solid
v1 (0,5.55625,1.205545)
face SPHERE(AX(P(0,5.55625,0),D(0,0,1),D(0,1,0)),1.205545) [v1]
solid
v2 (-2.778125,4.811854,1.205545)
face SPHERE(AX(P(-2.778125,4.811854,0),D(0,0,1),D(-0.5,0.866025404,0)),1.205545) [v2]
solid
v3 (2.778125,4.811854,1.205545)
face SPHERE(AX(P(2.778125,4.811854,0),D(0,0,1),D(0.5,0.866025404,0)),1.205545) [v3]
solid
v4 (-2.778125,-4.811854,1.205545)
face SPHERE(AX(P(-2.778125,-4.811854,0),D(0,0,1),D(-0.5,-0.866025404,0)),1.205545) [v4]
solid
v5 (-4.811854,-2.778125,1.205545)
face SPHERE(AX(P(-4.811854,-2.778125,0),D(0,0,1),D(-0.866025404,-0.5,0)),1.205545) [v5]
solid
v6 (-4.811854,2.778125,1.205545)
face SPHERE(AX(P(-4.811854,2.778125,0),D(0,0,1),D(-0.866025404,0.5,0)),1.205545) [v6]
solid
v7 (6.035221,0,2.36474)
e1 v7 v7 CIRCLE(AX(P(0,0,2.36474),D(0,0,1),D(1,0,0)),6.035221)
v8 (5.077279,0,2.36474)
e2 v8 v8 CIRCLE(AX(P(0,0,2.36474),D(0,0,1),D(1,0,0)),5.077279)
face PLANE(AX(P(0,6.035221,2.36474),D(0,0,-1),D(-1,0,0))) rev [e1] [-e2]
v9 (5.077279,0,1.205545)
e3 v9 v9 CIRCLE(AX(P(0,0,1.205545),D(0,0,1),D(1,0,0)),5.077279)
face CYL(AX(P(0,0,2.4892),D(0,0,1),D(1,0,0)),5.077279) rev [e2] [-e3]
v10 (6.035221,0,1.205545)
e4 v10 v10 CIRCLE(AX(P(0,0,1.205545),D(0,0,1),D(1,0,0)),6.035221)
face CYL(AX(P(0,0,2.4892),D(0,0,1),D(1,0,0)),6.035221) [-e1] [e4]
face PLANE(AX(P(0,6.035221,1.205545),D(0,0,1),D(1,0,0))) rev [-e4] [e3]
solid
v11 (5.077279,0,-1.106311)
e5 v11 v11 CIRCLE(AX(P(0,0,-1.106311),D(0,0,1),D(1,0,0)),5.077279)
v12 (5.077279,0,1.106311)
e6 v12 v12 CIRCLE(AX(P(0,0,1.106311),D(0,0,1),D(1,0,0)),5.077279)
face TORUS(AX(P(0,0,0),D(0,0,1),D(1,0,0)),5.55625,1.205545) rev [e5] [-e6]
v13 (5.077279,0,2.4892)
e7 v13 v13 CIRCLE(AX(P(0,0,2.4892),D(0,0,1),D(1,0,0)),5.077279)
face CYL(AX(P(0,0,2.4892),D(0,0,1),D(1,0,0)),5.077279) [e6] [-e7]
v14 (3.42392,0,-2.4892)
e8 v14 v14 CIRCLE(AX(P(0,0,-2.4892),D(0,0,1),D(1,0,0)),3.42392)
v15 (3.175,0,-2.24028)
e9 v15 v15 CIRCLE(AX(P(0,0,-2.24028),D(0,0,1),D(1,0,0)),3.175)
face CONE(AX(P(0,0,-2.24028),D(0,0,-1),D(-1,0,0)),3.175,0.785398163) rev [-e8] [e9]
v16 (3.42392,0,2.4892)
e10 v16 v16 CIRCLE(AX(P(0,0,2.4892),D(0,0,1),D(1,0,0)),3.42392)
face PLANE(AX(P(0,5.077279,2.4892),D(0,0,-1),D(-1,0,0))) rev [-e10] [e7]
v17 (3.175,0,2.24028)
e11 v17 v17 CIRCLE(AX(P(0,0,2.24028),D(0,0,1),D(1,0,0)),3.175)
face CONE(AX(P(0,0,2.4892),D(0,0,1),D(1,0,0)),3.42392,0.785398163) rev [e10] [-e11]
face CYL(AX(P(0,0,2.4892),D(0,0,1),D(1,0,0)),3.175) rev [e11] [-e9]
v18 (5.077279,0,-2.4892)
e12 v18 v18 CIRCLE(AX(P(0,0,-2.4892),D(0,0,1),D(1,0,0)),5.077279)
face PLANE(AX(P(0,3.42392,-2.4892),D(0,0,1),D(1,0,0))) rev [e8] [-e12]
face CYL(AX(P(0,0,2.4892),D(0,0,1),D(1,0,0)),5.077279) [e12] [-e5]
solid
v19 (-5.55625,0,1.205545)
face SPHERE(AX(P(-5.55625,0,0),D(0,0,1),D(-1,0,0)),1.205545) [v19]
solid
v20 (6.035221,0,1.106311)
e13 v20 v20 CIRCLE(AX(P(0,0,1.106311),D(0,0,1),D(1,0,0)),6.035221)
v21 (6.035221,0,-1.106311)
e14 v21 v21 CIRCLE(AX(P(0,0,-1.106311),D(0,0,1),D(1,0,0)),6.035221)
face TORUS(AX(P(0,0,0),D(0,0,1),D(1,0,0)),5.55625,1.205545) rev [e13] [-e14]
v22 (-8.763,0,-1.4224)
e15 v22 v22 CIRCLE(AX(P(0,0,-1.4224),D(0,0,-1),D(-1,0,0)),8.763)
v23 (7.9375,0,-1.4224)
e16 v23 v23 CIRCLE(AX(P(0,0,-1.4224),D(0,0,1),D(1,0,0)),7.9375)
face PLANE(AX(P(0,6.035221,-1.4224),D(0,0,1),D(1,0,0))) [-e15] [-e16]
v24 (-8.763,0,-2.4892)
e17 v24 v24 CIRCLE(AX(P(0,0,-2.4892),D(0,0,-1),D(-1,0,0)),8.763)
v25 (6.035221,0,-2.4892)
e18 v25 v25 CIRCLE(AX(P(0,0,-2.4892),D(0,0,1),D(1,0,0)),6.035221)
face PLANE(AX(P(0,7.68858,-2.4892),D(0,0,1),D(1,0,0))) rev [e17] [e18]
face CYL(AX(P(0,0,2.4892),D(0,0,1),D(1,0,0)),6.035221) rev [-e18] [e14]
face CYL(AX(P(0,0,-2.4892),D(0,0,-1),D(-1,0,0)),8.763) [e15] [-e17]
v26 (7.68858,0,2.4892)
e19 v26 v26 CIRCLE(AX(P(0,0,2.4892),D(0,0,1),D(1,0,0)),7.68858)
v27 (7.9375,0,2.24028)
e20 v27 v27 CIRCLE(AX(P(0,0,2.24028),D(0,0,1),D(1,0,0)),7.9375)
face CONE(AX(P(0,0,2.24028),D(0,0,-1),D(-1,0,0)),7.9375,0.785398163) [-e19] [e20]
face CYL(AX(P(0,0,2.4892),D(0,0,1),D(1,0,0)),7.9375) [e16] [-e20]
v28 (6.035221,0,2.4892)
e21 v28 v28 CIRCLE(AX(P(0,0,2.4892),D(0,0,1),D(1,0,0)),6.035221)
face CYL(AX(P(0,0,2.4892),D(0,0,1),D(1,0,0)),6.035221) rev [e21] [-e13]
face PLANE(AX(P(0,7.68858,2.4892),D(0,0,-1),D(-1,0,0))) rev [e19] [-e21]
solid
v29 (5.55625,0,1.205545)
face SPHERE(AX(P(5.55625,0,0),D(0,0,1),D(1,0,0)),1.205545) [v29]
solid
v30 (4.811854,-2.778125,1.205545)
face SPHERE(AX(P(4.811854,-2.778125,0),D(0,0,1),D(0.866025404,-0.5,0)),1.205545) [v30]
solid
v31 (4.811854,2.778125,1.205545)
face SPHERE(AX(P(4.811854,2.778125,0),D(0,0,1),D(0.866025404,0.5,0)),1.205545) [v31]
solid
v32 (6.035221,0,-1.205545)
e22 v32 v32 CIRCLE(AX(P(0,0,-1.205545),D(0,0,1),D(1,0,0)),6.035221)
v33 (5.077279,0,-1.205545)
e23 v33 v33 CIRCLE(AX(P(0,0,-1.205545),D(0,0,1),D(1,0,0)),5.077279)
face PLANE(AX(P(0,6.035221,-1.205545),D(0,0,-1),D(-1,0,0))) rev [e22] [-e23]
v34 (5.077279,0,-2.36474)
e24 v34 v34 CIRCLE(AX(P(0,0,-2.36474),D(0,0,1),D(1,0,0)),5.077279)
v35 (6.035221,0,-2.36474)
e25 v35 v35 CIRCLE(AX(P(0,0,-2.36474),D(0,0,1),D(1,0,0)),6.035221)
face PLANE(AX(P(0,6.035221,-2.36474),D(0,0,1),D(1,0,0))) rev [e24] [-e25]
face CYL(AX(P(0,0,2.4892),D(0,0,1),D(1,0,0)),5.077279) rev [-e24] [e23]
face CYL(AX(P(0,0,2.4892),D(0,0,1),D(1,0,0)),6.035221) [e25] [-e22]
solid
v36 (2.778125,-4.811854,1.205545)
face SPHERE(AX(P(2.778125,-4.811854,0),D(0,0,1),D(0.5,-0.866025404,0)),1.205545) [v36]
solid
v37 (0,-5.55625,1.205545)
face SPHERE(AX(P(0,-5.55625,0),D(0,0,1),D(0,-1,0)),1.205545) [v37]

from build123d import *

# Parameters (mm, degrees)
CIRPATTERN1_COUNT = 12
SKETCH5_W         = 1.15919535
SKETCH5_H         = 0.957942858
SKETCH6_W         = 1.0668
SKETCH6_H         = 2.727778571


with BuildPart() as part:
    # Sketch1 → Revolve1 (revolve)
    with BuildSketch(Plane(origin=(0, 0, 0), x_dir=(0, 0, -1), z_dir=(1, 0, 0))):
        with BuildLine():
            Line((2.24028, 7.9375), (-2.24028, 7.9375))
            Line((-2.24028, 7.9375), (-2.4892, 7.68858))
            Line((-2.4892, 7.68858), (-2.4892, 6.035221429))
            Line((-2.4892, 6.035221429), (-1.106311111, 6.035221429))
            ThreePointArc((-1.106311111, 6.035221429), (0, 6.76179465), (1.106311111, 6.035221429))
            Line((1.106311111, 6.035221429), (2.4892, 6.035221429))
            Line((2.4892, 6.035221429), (2.4892, 7.68858))
            Line((2.4892, 7.68858), (2.24028, 7.9375))
        make_face()
    revolve(axis=Axis((0, 0, 2.4892), (0, 0, -1)))

    # Sketch6 → Revolve6 (revolve)
    with BuildSketch(Plane(origin=(0, 0, 0), x_dir=(0, 0, -1), z_dir=(1, 0, 0))):
        with Locations((1.9558, 7.399110715)):
            Rectangle(SKETCH6_W, SKETCH6_H)
    revolve(axis=Axis((0, 0, -2.4892), (0, 0, 1)))


with BuildPart() as body_2:
    # Sketch3 → Revolve3 (revolve)
    with BuildSketch(Plane(origin=(0, 0, 0), x_dir=(0, 0, -1), z_dir=(1, 0, 0))):
        with BuildLine():
            Line((-2.4892, 5.077278571), (-1.106311111, 5.077278571))
            ThreePointArc((-1.106311111, 5.077278571), (0, 4.35070535), (1.106311111, 5.077278571))
            Line((1.106311111, 5.077278571), (2.4892, 5.077278571))
            Line((2.4892, 5.077278571), (2.4892, 3.42392))
            Line((2.4892, 3.42392), (2.24028, 3.175))
            Line((2.24028, 3.175), (-2.24028, 3.175))
            Line((-2.24028, 3.175), (-2.4892, 3.42392))
            Line((-2.4892, 3.42392), (-2.4892, 5.077278571))
        make_face()
    revolve(axis=Axis((0, 0, 2.4892), (0, 0, -1)))


with BuildPart() as body_3:
    # Sketch4 → Revolve4 (revolve)
    with BuildSketch(Plane(origin=(0, 0, 0), x_dir=(0, 0, -1), z_dir=(1, 0, 0))):
        with BuildLine():
            Line((-1.20554465, 5.55625), (1.20554465, 5.55625))
            ThreePointArc((1.20554465, 5.55625), (0, 6.76179465), (-1.20554465, 5.55625))
        make_face()
    revolve(axis=Axis((0, 5.55625, 1.20554465), (0, 0, -1)))


with BuildPart() as cirpattern1_1:
    # CirPattern1: pattern copy
    add(body_3.part.rotate(Axis((0, 0, -2.4892), (0, 0, 1)), 1 * 360 / CIRPATTERN1_COUNT))


with BuildPart() as cirpattern1_2:
    # CirPattern1: pattern copy
    add(body_3.part.rotate(Axis((0, 0, -2.4892), (0, 0, 1)), 2 * 360 / CIRPATTERN1_COUNT))


with BuildPart() as cirpattern1_3:
    # CirPattern1: pattern copy
    add(body_3.part.rotate(Axis((0, 0, -2.4892), (0, 0, 1)), 3 * 360 / CIRPATTERN1_COUNT))


with BuildPart() as cirpattern1_4:
    # CirPattern1: pattern copy
    add(body_3.part.rotate(Axis((0, 0, -2.4892), (0, 0, 1)), 4 * 360 / CIRPATTERN1_COUNT))


with BuildPart() as cirpattern1_5:
    # CirPattern1: pattern copy
    add(body_3.part.rotate(Axis((0, 0, -2.4892), (0, 0, 1)), 5 * 360 / CIRPATTERN1_COUNT))


with BuildPart() as cirpattern1_6:
    # CirPattern1: pattern copy
    add(body_3.part.rotate(Axis((0, 0, -2.4892), (0, 0, 1)), 6 * 360 / CIRPATTERN1_COUNT))


with BuildPart() as cirpattern1_7:
    # CirPattern1: pattern copy
    add(body_3.part.rotate(Axis((0, 0, -2.4892), (0, 0, 1)), 7 * 360 / CIRPATTERN1_COUNT))


with BuildPart() as cirpattern1_8:
    # CirPattern1: pattern copy
    add(body_3.part.rotate(Axis((0, 0, -2.4892), (0, 0, 1)), 8 * 360 / CIRPATTERN1_COUNT))


with BuildPart() as cirpattern1_9:
    # CirPattern1: pattern copy
    add(body_3.part.rotate(Axis((0, 0, -2.4892), (0, 0, 1)), 9 * 360 / CIRPATTERN1_COUNT))


with BuildPart() as cirpattern1_10:
    # CirPattern1: pattern copy
    add(body_3.part.rotate(Axis((0, 0, -2.4892), (0, 0, 1)), 10 * 360 / CIRPATTERN1_COUNT))


with BuildPart() as cirpattern1_11:
    # CirPattern1: pattern copy
    add(body_3.part.rotate(Axis((0, 0, -2.4892), (0, 0, 1)), 11 * 360 / CIRPATTERN1_COUNT))


with BuildPart() as body_15:
    # Sketch5 → Revolve5 (revolve)
    with BuildSketch(Plane(origin=(0, 0, 0), x_dir=(0, 0, -1), z_dir=(1, 0, 0))):
        with Locations((-1.785142325, 5.55625)):
            Rectangle(SKETCH5_W, SKETCH5_H)
        with Locations((1.785142325, 5.55625)):
            Rectangle(SKETCH5_W, SKETCH5_H)
    revolve(axis=Axis((0, 0, 2.4892), (0, 0, -1)))


solid = Compound([part.part, body_2.part, body_3.part, cirpattern1_1.part, cirpattern1_2.part, cirpattern1_3.part, cirpattern1_4.part, cirpattern1_5.part, cirpattern1_6.part, cirpattern1_7.part, cirpattern1_8.part, cirpattern1_9.part, cirpattern1_10.part, cirpattern1_11.part, body_15.part])
